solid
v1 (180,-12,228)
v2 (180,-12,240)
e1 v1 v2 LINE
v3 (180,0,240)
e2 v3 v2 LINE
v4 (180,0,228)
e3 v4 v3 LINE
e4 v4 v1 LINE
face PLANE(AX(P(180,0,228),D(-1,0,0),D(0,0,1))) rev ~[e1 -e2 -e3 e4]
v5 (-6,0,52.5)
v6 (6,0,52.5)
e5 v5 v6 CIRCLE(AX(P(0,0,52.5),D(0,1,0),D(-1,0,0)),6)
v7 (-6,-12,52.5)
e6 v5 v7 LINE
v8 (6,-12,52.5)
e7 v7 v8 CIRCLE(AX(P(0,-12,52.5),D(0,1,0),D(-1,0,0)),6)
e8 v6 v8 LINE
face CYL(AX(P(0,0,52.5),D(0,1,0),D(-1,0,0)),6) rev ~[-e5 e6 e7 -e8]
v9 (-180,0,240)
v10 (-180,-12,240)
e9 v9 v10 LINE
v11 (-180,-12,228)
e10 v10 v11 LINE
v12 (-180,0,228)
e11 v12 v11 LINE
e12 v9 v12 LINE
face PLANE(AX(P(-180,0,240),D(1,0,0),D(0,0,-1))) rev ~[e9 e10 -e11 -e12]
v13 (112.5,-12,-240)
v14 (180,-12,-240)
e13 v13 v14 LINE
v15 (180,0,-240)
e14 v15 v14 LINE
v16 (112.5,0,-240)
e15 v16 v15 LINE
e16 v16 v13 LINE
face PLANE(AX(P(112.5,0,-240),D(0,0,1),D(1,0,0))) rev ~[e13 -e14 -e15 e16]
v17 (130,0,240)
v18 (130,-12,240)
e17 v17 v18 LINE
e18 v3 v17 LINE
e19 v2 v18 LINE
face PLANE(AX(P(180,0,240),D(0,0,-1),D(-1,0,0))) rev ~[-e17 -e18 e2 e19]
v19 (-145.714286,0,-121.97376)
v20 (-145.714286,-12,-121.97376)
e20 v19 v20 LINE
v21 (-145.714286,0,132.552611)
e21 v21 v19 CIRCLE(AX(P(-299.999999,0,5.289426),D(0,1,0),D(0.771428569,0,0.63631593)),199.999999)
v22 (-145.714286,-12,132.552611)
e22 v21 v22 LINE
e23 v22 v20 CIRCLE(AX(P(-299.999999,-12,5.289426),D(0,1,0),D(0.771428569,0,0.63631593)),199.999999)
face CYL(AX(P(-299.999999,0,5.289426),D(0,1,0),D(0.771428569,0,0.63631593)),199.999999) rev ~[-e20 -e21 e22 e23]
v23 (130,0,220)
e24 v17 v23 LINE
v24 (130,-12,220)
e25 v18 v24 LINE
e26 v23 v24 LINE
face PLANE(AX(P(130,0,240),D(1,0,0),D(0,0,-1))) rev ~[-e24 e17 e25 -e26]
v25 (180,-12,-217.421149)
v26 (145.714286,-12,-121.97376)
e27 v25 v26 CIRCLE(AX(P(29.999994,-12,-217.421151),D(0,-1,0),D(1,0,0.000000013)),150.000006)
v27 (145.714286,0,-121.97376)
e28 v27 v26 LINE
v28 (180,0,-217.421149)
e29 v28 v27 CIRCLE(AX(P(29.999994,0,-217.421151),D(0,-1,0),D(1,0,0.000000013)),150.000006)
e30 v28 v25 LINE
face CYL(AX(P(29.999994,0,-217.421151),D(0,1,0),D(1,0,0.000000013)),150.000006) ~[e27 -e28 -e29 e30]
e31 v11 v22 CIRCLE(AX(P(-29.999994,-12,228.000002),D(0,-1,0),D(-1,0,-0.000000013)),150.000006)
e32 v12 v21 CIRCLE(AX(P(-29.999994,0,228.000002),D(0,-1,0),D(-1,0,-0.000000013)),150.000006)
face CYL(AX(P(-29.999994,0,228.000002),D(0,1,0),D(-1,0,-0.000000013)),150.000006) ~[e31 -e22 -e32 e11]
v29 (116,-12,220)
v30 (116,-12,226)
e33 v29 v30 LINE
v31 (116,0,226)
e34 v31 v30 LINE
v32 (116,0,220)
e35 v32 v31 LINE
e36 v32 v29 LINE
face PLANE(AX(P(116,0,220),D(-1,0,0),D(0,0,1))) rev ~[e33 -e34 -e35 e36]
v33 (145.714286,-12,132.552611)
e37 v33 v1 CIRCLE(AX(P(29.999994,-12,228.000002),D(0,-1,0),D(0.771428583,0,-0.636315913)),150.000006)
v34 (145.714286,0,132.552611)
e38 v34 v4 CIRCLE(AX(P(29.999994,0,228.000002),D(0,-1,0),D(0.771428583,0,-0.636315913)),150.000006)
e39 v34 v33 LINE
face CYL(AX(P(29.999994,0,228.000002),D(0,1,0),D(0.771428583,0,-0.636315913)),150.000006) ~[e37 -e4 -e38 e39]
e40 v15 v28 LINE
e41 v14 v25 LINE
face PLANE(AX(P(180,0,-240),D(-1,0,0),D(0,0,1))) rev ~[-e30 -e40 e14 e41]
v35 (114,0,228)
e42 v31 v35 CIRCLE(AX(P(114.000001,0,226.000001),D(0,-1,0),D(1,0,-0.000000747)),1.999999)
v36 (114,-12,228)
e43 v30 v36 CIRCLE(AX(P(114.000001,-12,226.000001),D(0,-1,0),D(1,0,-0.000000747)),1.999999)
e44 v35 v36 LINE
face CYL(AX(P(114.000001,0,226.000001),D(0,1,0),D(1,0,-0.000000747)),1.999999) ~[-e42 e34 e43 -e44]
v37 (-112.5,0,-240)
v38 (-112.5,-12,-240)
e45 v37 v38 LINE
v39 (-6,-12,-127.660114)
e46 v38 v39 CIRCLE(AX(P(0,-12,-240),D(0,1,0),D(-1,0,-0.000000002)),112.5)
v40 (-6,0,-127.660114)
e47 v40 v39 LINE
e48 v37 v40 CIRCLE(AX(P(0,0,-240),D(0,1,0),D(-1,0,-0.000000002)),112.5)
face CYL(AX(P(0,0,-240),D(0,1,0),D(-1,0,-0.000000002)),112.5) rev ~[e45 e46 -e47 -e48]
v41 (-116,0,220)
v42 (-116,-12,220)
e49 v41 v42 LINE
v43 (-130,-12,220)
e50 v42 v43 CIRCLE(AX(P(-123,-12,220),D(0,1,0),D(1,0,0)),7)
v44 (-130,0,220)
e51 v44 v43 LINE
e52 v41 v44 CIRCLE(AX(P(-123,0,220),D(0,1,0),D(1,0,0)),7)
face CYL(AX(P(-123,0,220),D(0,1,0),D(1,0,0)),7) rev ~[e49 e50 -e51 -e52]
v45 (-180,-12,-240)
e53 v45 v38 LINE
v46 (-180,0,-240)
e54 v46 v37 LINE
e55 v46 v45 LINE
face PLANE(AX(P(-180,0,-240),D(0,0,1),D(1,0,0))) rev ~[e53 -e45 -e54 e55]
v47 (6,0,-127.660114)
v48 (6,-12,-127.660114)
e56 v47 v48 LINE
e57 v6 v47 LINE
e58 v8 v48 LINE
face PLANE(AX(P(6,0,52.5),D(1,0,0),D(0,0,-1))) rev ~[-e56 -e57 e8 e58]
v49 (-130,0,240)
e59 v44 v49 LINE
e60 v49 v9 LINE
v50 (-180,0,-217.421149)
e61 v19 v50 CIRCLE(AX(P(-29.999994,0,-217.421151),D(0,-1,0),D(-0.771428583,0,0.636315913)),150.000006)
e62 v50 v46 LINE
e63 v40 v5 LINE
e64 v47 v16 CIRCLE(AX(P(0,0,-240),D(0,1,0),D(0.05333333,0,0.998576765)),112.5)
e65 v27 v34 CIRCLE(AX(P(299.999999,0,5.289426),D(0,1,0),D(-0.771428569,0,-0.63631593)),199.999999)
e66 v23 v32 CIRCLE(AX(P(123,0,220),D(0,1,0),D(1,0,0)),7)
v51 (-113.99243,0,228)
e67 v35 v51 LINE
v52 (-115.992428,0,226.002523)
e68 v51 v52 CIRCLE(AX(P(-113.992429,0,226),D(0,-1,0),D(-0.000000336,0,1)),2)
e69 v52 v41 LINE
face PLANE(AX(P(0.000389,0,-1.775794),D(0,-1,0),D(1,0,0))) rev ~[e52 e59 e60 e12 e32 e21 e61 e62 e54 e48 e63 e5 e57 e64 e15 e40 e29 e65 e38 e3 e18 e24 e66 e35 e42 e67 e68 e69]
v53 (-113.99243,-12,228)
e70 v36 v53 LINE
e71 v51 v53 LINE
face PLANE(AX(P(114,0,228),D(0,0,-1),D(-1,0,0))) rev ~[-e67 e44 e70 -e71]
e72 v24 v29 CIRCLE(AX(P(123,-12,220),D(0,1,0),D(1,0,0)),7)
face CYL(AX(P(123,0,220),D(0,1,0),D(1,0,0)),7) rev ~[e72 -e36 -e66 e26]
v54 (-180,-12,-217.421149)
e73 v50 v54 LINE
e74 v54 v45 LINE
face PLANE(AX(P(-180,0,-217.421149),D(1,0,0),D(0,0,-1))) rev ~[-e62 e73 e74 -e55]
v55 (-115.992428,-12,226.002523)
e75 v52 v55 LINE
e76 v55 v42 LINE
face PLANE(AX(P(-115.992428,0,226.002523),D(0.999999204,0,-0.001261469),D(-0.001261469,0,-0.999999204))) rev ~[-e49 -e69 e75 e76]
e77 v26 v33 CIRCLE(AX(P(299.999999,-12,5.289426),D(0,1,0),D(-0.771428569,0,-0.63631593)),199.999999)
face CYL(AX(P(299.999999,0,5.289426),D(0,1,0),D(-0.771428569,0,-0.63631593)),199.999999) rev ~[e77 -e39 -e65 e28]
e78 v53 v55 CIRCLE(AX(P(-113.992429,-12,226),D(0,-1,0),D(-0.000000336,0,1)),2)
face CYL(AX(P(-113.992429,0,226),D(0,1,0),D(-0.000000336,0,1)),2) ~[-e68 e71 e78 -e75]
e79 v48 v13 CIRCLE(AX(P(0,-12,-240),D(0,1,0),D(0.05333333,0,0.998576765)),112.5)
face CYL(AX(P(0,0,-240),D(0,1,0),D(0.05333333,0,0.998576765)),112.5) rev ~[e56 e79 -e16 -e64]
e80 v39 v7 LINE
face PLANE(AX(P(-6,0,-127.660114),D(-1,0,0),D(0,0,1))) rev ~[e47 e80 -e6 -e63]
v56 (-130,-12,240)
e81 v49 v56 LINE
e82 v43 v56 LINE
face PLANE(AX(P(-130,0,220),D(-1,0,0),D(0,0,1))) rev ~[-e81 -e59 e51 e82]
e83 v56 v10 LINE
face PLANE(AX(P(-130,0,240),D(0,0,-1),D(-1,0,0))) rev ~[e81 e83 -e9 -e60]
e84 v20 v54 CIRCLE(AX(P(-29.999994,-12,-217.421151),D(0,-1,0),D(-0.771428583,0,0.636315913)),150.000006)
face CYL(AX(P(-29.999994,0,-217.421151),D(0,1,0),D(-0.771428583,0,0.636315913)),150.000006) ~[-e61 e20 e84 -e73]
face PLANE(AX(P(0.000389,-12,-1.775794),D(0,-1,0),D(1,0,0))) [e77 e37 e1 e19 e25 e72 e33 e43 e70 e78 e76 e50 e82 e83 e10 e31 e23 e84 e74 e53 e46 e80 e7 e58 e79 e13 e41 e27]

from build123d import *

# Parameters (mm, degrees)
F1_DEPTH = 12


with BuildPart() as f1:
    # F0 (on Front) → F1 (new body)
    with BuildSketch(Plane.XZ):
        with BuildLine():
            Line((-180, -217.421149), (-180, -240))
            Line((-180, -240), (-112.5, -240))
            ThreePointArc((-112.5, -240), (-81.643279, -162.600872), (-6, -127.660114))
            Line((-6, -127.660114), (-6, 52.5))
            ThreePointArc((-6, 52.5), (0, 58.5), (6, 52.5))
            Line((6, 52.5), (6, -127.660114))
            ThreePointArc((6, -127.660114), (81.643279, -162.600872), (112.5, -240))
            Line((112.5, -240), (180, -240))
            Line((180, -240), (180, -217.421149))
            ThreePointArc((180, -217.421149), (171.168592, -166.711894), (145.714286, -121.97376))
            ThreePointArc((145.714286, -121.97376), (100, 5.289425), (145.714286, 132.552611))
            ThreePointArc((145.714286, 132.552611), (171.168592, 177.290745), (180, 228))
            Line((180, 228), (180, 240))
            Line((180, 240), (130, 240))
            Line((130, 240), (130, 228))
            Line((130, 228), (130, 220))
            ThreePointArc((130, 220), (123, 213), (116, 220))
            Line((116, 220), (116, 226))
            ThreePointArc((116, 226), (115.414214, 227.414214), (114, 228))
            Line((114, 228), (-113.99243, 228))
            ThreePointArc((-113.99243, 228), (-115.405751, 227.415105), (-115.992428, 226.002523))
            Line((-115.992428, 226.002523), (-116, 220))
            ThreePointArc((-116, 220), (-123, 213), (-130, 220))
            Line((-130, 220), (-130, 228))
            Line((-130, 228), (-130, 240))
            Line((-130, 240), (-180, 240))
            Line((-180, 240), (-180, 228))
            ThreePointArc((-180, 228), (-171.168592, 177.290745), (-145.714286, 132.552611))
            ThreePointArc((-145.714286, 132.552611), (-100, 5.289425), (-145.714286, -121.97376))
            ThreePointArc((-145.714286, -121.97376), (-171.168592, -166.711894), (-180, -217.421149))
        make_face()
    extrude(amount=F1_DEPTH)


solid = f1.part
